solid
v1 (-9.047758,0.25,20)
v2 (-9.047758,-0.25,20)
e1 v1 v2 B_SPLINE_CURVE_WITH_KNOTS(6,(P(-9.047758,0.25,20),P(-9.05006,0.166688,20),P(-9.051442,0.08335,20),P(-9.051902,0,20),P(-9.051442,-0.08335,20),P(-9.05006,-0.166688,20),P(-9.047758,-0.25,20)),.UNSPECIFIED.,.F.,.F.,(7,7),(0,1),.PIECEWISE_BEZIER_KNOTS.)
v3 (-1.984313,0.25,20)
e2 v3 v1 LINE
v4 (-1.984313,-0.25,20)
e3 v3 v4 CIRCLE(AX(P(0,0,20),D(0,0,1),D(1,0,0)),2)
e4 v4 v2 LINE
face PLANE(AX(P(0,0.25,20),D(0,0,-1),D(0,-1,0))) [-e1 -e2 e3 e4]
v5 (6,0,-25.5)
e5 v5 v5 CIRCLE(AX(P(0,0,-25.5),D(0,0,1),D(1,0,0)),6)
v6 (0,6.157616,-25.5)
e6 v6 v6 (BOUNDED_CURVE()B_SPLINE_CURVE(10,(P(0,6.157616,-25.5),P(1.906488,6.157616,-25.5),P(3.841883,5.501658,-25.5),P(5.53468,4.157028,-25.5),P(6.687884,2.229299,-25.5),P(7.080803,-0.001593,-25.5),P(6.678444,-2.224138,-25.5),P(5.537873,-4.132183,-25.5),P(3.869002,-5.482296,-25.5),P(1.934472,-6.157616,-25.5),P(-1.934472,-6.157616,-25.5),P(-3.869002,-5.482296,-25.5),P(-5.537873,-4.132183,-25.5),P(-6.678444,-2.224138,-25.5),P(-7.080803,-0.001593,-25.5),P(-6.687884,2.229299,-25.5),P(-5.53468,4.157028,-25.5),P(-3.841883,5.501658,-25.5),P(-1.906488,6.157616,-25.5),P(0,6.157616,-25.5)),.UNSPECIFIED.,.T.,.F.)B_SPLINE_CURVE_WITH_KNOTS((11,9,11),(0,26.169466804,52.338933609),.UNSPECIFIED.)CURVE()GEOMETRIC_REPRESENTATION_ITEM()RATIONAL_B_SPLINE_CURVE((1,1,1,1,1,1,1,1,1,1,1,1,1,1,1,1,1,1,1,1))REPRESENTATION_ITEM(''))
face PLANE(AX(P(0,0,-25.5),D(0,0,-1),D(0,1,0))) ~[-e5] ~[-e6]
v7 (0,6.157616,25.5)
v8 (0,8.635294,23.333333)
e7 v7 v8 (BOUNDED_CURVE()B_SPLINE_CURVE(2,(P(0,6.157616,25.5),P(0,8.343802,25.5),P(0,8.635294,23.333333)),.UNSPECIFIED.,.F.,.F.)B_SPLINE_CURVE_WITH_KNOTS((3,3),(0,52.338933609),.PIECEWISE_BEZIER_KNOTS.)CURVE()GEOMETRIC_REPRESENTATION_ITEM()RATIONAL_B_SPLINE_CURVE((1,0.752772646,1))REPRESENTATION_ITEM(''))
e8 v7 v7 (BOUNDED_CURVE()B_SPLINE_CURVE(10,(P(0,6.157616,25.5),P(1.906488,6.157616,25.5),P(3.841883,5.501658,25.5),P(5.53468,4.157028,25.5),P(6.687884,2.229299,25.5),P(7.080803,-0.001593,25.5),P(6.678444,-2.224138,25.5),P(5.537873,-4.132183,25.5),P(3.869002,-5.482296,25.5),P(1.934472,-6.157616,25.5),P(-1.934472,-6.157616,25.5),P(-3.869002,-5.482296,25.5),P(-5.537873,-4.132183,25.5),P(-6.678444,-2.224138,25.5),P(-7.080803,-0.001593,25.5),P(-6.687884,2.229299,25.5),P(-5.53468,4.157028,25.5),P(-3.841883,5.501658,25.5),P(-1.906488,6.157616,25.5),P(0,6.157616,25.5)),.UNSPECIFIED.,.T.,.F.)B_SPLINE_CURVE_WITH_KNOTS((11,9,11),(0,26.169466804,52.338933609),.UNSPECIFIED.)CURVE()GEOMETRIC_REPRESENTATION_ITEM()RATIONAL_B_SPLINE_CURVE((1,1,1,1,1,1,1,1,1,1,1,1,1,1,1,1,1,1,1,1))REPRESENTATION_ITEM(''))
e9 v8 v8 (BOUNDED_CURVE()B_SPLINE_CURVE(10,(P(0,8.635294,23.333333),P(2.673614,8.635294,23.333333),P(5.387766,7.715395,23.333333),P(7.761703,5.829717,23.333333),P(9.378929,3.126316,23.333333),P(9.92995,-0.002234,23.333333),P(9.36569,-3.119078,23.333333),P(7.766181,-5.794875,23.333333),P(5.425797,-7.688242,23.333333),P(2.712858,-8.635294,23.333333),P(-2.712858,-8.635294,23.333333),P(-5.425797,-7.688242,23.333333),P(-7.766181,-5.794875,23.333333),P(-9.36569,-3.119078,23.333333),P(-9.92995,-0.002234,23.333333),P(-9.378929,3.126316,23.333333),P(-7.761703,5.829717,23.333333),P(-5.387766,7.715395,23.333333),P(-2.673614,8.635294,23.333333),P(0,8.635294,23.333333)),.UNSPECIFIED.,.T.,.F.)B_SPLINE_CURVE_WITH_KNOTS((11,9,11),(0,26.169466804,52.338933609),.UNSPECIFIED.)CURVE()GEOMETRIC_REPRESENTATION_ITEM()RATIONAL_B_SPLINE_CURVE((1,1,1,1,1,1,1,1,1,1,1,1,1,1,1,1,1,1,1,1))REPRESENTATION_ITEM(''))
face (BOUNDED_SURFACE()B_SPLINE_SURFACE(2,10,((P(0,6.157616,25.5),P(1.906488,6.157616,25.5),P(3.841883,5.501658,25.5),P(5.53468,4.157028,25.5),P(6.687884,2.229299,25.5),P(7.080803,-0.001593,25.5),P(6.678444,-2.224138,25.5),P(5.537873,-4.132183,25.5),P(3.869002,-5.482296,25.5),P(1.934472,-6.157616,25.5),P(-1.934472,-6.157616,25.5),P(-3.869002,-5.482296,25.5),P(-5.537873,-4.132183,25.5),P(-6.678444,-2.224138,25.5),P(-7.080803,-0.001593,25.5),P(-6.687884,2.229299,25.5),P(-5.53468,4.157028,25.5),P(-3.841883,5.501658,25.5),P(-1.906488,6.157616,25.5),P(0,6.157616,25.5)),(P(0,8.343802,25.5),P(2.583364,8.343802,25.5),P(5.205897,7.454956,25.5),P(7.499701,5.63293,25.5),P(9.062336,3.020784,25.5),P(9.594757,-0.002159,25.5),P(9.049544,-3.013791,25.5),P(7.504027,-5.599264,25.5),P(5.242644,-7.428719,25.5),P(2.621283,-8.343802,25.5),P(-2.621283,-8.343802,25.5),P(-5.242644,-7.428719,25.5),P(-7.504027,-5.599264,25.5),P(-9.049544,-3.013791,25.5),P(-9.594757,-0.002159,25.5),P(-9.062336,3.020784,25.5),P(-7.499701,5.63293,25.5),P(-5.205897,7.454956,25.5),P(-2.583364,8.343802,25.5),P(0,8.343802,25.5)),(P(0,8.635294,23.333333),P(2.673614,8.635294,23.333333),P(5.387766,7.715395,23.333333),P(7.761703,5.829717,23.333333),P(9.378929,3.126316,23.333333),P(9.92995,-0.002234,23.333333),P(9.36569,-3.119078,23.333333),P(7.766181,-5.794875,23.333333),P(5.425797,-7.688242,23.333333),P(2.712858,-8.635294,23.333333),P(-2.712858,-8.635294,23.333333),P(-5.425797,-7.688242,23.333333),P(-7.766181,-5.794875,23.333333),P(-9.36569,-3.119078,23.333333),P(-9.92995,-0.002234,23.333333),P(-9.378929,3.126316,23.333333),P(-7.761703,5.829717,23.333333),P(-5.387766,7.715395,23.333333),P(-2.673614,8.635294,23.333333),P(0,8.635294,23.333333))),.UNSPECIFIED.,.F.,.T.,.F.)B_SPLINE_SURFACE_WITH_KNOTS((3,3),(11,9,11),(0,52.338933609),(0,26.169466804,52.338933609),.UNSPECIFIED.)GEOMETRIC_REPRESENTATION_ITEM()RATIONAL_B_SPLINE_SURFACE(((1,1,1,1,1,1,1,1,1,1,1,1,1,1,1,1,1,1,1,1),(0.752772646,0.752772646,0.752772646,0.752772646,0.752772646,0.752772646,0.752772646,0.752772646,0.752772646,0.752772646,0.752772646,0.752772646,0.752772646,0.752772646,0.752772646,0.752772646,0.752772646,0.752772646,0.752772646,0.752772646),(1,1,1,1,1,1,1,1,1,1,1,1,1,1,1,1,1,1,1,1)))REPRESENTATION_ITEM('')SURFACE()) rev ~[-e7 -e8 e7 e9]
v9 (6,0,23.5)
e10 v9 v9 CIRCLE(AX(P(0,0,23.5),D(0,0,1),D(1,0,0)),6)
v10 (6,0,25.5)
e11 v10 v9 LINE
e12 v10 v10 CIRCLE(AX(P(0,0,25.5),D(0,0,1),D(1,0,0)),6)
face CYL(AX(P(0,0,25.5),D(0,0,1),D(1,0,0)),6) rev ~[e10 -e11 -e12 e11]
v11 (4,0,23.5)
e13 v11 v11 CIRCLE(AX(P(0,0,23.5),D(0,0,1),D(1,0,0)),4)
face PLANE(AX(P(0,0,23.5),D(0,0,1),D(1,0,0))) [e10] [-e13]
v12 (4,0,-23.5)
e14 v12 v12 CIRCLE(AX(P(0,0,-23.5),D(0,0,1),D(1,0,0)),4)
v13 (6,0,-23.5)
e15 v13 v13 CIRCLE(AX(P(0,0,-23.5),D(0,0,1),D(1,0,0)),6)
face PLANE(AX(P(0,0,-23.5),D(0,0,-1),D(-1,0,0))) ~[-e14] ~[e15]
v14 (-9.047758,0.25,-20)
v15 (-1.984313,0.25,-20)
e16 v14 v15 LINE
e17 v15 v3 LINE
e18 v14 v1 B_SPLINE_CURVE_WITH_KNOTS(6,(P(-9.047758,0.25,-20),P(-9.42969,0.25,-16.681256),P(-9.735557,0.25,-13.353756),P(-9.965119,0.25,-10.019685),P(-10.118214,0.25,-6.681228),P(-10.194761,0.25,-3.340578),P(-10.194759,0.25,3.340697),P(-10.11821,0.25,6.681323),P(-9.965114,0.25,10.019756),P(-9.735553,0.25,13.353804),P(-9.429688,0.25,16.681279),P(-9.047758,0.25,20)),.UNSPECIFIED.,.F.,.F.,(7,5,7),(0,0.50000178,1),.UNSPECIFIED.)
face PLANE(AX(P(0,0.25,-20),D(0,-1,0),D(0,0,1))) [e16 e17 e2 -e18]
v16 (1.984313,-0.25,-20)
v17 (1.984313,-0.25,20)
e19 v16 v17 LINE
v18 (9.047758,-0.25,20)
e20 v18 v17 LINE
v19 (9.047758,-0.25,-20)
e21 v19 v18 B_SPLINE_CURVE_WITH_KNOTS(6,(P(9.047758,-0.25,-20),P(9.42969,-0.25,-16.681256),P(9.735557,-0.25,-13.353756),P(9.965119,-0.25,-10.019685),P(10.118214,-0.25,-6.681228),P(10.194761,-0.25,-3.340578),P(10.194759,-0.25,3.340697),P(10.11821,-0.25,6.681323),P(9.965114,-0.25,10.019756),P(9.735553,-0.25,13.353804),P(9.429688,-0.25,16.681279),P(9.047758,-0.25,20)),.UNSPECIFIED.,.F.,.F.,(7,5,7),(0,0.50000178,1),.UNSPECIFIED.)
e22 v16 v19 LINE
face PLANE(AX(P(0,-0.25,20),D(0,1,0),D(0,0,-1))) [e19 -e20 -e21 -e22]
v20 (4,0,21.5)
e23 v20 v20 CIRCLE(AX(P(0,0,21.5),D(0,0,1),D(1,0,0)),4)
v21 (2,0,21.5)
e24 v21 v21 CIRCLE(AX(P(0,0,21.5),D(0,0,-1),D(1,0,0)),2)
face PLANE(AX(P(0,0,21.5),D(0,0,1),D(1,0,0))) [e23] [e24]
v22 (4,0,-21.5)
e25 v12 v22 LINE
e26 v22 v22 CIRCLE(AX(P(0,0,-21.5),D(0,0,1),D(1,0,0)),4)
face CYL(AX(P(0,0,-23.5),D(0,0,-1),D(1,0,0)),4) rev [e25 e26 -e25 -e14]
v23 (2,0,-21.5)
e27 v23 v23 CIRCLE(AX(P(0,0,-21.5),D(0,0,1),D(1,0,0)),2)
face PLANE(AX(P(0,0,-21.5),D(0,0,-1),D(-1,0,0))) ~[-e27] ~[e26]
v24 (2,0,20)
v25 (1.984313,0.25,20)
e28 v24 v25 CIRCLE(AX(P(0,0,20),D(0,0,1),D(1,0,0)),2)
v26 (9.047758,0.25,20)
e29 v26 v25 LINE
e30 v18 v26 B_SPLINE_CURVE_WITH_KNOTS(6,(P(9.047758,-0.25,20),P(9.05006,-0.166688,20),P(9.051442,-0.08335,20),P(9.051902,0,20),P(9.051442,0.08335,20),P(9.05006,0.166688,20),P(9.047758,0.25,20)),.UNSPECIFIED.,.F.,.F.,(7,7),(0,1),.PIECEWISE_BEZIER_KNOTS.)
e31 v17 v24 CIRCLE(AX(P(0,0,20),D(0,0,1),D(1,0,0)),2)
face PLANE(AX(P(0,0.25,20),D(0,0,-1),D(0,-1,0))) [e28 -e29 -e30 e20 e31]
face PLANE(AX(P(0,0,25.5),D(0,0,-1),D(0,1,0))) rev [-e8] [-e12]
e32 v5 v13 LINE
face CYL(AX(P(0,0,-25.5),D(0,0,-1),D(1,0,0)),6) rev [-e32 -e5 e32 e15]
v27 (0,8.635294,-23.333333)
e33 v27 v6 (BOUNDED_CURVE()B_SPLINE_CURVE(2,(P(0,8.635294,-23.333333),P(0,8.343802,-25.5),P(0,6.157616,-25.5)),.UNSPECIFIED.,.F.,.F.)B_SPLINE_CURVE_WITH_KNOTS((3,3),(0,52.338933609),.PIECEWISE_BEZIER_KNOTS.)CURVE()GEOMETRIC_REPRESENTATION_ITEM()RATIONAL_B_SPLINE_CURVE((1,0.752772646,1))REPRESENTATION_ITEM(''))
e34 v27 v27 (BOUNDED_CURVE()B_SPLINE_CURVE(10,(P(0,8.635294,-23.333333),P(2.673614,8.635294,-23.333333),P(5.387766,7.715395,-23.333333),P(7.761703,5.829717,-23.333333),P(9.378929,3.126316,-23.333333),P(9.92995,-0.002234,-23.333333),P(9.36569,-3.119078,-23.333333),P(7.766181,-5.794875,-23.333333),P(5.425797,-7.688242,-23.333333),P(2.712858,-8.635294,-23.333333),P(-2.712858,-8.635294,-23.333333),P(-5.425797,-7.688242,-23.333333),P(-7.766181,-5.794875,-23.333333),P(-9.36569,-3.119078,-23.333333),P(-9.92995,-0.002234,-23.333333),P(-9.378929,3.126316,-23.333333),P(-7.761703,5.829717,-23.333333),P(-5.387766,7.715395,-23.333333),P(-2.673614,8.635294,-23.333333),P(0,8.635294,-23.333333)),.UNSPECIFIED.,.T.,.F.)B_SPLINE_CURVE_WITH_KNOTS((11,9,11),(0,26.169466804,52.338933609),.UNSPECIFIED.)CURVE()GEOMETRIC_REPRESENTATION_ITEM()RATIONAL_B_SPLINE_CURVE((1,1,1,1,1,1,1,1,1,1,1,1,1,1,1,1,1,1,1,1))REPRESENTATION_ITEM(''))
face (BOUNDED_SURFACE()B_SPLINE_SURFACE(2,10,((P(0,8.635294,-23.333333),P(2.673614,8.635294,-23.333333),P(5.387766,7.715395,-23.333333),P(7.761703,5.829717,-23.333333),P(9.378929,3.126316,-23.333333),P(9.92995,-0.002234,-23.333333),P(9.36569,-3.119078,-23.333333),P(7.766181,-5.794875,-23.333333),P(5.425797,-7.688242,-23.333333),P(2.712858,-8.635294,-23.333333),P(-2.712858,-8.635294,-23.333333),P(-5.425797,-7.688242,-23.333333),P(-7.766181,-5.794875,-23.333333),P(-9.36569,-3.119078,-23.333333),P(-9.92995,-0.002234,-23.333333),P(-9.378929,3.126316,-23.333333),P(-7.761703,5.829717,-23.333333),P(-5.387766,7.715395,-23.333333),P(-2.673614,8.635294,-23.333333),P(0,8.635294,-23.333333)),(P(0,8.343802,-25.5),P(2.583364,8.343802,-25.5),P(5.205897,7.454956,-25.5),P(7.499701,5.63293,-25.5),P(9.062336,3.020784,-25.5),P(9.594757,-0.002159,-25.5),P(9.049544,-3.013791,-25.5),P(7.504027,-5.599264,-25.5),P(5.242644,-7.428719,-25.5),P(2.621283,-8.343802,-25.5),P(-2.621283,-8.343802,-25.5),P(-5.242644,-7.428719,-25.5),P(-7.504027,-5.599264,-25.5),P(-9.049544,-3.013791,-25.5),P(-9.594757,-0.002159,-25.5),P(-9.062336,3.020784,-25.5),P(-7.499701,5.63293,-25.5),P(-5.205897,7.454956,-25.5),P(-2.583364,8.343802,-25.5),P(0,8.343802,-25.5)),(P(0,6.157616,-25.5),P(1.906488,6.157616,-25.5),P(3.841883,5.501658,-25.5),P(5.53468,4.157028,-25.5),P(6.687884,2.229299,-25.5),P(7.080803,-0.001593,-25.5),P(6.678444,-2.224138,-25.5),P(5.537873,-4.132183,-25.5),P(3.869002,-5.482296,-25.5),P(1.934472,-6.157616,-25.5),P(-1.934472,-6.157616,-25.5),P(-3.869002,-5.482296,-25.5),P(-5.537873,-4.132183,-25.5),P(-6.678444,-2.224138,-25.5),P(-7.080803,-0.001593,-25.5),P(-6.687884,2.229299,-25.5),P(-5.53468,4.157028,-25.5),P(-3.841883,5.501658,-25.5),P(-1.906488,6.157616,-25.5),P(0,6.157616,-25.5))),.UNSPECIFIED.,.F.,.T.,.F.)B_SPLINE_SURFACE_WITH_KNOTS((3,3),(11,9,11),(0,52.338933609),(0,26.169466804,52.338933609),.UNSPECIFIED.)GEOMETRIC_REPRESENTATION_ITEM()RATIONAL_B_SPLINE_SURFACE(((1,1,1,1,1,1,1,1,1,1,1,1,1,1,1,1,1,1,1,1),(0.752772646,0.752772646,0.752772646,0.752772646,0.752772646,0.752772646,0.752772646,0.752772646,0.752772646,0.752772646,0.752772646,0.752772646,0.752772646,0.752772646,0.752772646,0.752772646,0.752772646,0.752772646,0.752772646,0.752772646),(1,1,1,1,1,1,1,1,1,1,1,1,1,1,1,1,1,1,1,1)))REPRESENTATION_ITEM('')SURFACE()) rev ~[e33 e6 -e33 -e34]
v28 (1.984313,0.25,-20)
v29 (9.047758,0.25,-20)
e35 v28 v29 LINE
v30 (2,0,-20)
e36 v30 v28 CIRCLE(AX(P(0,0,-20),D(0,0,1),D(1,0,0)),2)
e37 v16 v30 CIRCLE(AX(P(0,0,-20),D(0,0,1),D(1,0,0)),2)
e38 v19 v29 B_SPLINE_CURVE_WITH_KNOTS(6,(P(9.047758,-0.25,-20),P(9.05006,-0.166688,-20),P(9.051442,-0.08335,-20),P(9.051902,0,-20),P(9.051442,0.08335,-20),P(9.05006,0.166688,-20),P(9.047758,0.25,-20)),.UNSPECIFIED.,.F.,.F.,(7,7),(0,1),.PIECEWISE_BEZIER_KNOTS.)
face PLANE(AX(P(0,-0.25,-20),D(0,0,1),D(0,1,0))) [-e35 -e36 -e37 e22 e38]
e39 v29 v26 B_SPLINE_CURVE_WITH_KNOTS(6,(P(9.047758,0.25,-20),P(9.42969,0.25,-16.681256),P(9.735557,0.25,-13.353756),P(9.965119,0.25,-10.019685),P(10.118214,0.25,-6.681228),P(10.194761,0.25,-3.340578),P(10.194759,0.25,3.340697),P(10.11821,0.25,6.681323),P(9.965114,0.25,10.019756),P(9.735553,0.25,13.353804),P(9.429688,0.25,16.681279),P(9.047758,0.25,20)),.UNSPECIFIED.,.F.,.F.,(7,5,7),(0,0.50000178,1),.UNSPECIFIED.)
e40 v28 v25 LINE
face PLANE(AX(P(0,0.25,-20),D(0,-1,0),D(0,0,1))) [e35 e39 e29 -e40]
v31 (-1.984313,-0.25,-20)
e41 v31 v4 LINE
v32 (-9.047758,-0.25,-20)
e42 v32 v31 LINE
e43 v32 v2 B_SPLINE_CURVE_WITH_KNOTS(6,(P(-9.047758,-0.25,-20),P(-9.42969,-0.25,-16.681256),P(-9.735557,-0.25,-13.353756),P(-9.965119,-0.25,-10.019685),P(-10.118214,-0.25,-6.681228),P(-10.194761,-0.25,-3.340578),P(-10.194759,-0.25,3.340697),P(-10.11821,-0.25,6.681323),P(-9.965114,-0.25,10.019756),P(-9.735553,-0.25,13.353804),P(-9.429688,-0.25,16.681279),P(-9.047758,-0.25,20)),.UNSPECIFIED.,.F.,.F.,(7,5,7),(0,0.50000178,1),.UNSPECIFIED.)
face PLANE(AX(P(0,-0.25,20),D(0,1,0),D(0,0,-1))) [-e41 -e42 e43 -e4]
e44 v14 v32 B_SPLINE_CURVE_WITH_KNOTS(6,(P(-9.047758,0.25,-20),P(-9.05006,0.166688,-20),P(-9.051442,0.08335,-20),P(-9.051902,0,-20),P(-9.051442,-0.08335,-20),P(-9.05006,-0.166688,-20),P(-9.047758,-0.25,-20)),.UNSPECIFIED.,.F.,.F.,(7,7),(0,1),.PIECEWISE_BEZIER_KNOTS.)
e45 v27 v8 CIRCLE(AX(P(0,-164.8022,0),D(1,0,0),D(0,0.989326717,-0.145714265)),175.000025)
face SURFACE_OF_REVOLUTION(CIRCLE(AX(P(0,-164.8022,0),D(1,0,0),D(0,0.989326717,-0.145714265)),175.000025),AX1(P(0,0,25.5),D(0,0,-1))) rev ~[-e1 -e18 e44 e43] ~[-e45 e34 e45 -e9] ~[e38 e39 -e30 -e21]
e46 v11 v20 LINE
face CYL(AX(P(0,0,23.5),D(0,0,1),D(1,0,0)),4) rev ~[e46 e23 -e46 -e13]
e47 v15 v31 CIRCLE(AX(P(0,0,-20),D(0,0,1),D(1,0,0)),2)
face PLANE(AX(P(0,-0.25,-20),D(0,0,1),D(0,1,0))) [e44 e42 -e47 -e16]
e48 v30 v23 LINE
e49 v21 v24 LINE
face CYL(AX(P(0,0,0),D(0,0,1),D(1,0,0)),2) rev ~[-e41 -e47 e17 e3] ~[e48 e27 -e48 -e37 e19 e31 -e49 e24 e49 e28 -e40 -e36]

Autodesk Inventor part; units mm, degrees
ref_plane "YZ Plane" through (0, 0, 0) normal (1, 0, 0) x (0, 1, 0)
ref_plane "XZ Plane" through (0, 0, 0) normal (0, 1, 0) x (-1, 0, 0)
ref_plane "XY Plane" through (0, 0, 0) normal (0, 0, 1) x (1, 0, 0)
sketch "Sketch1" plane through (0, 0, 0) normal (1, 0, 0) x (0, 1, 0)
  line L0 (0, 25.5) -> (0, -25.5)
  line L1 (0, 25.5) -> (8.33, 25.5)
  line L2 (0, -25.5) -> (8.33, -25.5)
  arc A0 (8.33, -25.5) -> (8.33, 25.5) centre (-164.8022, 0) ccw
  point P0 (0, 0)
  dimension "d0" = 51
  dimension "d1" = 8.33
  dimension "d2" = 8.33
  dimension "d3" = 175
revolve "Revolution1" add sketch "Sketch1" angle 360 about axis through (0, 0, 25.5) along (0, 0, -1)
sketch "Sketch2" plane through (0, 0, 25.5) normal (0, 0, 1) x (1, 0, 0)
  circle A0 centre (0, 0) radius 6
  dimension "d5" = 12
extrude "Extrusion1" cut sketch "Sketch2" against normal blind 2
sketch "Sketch3" plane through (0, 0, 23.5) normal (0, 0, 1) x (1, 0, 0)
  circle A0 centre (0, 0) radius 4
  dimension "d8" = 8
extrude "Extrusion2" cut sketch "Sketch3" against normal blind 2
fillet "Fillet1" radius 2.5 1 edges at (0, -8.33, 25.5)
mirror "Mirror1" about plane through (0, 0, 0) normal (0, 0, 1) of "Extrusion1", "Extrusion2", "Fillet1"
sketch "Sketch4" plane through (0, 0, 0) normal (0, 0, 1) x (1, 0, 0)
  circle A0 centre (0, 0) radius 4 projected
  circle A1 centre (0, 0) radius 2
  point P0 (0, 0)
  dimension "d12" = 4
extrude "Extrusion3" cut sketch "Sketch4" along normal mid plane 805.5 contours A1
sketch "Sketch5" plane through (0, 0, 0) normal (1, 0, 0) x (0, 1, 0)
  line L0 (-0.25, -20) -> (0.25, -20)
  line L1 (0.25, -20) -> (0.25, 20)
  line L2 (0.25, 20) -> (-0.25, 20)
  line L3 (-0.25, 20) -> (-0.25, -20)
  line L4 (-0.25, -20) -> (0.25, 20) construction
  line L5 (0.25, -20) -> (-0.25, 20) construction
  point P0 (0, 0)
  dimension "d17" = 0.5
  dimension "d18" = 40
extrude "Extrusion4" cut sketch "Sketch5" along normal mid plane 40
properties part number "roller" material "Rubber"
